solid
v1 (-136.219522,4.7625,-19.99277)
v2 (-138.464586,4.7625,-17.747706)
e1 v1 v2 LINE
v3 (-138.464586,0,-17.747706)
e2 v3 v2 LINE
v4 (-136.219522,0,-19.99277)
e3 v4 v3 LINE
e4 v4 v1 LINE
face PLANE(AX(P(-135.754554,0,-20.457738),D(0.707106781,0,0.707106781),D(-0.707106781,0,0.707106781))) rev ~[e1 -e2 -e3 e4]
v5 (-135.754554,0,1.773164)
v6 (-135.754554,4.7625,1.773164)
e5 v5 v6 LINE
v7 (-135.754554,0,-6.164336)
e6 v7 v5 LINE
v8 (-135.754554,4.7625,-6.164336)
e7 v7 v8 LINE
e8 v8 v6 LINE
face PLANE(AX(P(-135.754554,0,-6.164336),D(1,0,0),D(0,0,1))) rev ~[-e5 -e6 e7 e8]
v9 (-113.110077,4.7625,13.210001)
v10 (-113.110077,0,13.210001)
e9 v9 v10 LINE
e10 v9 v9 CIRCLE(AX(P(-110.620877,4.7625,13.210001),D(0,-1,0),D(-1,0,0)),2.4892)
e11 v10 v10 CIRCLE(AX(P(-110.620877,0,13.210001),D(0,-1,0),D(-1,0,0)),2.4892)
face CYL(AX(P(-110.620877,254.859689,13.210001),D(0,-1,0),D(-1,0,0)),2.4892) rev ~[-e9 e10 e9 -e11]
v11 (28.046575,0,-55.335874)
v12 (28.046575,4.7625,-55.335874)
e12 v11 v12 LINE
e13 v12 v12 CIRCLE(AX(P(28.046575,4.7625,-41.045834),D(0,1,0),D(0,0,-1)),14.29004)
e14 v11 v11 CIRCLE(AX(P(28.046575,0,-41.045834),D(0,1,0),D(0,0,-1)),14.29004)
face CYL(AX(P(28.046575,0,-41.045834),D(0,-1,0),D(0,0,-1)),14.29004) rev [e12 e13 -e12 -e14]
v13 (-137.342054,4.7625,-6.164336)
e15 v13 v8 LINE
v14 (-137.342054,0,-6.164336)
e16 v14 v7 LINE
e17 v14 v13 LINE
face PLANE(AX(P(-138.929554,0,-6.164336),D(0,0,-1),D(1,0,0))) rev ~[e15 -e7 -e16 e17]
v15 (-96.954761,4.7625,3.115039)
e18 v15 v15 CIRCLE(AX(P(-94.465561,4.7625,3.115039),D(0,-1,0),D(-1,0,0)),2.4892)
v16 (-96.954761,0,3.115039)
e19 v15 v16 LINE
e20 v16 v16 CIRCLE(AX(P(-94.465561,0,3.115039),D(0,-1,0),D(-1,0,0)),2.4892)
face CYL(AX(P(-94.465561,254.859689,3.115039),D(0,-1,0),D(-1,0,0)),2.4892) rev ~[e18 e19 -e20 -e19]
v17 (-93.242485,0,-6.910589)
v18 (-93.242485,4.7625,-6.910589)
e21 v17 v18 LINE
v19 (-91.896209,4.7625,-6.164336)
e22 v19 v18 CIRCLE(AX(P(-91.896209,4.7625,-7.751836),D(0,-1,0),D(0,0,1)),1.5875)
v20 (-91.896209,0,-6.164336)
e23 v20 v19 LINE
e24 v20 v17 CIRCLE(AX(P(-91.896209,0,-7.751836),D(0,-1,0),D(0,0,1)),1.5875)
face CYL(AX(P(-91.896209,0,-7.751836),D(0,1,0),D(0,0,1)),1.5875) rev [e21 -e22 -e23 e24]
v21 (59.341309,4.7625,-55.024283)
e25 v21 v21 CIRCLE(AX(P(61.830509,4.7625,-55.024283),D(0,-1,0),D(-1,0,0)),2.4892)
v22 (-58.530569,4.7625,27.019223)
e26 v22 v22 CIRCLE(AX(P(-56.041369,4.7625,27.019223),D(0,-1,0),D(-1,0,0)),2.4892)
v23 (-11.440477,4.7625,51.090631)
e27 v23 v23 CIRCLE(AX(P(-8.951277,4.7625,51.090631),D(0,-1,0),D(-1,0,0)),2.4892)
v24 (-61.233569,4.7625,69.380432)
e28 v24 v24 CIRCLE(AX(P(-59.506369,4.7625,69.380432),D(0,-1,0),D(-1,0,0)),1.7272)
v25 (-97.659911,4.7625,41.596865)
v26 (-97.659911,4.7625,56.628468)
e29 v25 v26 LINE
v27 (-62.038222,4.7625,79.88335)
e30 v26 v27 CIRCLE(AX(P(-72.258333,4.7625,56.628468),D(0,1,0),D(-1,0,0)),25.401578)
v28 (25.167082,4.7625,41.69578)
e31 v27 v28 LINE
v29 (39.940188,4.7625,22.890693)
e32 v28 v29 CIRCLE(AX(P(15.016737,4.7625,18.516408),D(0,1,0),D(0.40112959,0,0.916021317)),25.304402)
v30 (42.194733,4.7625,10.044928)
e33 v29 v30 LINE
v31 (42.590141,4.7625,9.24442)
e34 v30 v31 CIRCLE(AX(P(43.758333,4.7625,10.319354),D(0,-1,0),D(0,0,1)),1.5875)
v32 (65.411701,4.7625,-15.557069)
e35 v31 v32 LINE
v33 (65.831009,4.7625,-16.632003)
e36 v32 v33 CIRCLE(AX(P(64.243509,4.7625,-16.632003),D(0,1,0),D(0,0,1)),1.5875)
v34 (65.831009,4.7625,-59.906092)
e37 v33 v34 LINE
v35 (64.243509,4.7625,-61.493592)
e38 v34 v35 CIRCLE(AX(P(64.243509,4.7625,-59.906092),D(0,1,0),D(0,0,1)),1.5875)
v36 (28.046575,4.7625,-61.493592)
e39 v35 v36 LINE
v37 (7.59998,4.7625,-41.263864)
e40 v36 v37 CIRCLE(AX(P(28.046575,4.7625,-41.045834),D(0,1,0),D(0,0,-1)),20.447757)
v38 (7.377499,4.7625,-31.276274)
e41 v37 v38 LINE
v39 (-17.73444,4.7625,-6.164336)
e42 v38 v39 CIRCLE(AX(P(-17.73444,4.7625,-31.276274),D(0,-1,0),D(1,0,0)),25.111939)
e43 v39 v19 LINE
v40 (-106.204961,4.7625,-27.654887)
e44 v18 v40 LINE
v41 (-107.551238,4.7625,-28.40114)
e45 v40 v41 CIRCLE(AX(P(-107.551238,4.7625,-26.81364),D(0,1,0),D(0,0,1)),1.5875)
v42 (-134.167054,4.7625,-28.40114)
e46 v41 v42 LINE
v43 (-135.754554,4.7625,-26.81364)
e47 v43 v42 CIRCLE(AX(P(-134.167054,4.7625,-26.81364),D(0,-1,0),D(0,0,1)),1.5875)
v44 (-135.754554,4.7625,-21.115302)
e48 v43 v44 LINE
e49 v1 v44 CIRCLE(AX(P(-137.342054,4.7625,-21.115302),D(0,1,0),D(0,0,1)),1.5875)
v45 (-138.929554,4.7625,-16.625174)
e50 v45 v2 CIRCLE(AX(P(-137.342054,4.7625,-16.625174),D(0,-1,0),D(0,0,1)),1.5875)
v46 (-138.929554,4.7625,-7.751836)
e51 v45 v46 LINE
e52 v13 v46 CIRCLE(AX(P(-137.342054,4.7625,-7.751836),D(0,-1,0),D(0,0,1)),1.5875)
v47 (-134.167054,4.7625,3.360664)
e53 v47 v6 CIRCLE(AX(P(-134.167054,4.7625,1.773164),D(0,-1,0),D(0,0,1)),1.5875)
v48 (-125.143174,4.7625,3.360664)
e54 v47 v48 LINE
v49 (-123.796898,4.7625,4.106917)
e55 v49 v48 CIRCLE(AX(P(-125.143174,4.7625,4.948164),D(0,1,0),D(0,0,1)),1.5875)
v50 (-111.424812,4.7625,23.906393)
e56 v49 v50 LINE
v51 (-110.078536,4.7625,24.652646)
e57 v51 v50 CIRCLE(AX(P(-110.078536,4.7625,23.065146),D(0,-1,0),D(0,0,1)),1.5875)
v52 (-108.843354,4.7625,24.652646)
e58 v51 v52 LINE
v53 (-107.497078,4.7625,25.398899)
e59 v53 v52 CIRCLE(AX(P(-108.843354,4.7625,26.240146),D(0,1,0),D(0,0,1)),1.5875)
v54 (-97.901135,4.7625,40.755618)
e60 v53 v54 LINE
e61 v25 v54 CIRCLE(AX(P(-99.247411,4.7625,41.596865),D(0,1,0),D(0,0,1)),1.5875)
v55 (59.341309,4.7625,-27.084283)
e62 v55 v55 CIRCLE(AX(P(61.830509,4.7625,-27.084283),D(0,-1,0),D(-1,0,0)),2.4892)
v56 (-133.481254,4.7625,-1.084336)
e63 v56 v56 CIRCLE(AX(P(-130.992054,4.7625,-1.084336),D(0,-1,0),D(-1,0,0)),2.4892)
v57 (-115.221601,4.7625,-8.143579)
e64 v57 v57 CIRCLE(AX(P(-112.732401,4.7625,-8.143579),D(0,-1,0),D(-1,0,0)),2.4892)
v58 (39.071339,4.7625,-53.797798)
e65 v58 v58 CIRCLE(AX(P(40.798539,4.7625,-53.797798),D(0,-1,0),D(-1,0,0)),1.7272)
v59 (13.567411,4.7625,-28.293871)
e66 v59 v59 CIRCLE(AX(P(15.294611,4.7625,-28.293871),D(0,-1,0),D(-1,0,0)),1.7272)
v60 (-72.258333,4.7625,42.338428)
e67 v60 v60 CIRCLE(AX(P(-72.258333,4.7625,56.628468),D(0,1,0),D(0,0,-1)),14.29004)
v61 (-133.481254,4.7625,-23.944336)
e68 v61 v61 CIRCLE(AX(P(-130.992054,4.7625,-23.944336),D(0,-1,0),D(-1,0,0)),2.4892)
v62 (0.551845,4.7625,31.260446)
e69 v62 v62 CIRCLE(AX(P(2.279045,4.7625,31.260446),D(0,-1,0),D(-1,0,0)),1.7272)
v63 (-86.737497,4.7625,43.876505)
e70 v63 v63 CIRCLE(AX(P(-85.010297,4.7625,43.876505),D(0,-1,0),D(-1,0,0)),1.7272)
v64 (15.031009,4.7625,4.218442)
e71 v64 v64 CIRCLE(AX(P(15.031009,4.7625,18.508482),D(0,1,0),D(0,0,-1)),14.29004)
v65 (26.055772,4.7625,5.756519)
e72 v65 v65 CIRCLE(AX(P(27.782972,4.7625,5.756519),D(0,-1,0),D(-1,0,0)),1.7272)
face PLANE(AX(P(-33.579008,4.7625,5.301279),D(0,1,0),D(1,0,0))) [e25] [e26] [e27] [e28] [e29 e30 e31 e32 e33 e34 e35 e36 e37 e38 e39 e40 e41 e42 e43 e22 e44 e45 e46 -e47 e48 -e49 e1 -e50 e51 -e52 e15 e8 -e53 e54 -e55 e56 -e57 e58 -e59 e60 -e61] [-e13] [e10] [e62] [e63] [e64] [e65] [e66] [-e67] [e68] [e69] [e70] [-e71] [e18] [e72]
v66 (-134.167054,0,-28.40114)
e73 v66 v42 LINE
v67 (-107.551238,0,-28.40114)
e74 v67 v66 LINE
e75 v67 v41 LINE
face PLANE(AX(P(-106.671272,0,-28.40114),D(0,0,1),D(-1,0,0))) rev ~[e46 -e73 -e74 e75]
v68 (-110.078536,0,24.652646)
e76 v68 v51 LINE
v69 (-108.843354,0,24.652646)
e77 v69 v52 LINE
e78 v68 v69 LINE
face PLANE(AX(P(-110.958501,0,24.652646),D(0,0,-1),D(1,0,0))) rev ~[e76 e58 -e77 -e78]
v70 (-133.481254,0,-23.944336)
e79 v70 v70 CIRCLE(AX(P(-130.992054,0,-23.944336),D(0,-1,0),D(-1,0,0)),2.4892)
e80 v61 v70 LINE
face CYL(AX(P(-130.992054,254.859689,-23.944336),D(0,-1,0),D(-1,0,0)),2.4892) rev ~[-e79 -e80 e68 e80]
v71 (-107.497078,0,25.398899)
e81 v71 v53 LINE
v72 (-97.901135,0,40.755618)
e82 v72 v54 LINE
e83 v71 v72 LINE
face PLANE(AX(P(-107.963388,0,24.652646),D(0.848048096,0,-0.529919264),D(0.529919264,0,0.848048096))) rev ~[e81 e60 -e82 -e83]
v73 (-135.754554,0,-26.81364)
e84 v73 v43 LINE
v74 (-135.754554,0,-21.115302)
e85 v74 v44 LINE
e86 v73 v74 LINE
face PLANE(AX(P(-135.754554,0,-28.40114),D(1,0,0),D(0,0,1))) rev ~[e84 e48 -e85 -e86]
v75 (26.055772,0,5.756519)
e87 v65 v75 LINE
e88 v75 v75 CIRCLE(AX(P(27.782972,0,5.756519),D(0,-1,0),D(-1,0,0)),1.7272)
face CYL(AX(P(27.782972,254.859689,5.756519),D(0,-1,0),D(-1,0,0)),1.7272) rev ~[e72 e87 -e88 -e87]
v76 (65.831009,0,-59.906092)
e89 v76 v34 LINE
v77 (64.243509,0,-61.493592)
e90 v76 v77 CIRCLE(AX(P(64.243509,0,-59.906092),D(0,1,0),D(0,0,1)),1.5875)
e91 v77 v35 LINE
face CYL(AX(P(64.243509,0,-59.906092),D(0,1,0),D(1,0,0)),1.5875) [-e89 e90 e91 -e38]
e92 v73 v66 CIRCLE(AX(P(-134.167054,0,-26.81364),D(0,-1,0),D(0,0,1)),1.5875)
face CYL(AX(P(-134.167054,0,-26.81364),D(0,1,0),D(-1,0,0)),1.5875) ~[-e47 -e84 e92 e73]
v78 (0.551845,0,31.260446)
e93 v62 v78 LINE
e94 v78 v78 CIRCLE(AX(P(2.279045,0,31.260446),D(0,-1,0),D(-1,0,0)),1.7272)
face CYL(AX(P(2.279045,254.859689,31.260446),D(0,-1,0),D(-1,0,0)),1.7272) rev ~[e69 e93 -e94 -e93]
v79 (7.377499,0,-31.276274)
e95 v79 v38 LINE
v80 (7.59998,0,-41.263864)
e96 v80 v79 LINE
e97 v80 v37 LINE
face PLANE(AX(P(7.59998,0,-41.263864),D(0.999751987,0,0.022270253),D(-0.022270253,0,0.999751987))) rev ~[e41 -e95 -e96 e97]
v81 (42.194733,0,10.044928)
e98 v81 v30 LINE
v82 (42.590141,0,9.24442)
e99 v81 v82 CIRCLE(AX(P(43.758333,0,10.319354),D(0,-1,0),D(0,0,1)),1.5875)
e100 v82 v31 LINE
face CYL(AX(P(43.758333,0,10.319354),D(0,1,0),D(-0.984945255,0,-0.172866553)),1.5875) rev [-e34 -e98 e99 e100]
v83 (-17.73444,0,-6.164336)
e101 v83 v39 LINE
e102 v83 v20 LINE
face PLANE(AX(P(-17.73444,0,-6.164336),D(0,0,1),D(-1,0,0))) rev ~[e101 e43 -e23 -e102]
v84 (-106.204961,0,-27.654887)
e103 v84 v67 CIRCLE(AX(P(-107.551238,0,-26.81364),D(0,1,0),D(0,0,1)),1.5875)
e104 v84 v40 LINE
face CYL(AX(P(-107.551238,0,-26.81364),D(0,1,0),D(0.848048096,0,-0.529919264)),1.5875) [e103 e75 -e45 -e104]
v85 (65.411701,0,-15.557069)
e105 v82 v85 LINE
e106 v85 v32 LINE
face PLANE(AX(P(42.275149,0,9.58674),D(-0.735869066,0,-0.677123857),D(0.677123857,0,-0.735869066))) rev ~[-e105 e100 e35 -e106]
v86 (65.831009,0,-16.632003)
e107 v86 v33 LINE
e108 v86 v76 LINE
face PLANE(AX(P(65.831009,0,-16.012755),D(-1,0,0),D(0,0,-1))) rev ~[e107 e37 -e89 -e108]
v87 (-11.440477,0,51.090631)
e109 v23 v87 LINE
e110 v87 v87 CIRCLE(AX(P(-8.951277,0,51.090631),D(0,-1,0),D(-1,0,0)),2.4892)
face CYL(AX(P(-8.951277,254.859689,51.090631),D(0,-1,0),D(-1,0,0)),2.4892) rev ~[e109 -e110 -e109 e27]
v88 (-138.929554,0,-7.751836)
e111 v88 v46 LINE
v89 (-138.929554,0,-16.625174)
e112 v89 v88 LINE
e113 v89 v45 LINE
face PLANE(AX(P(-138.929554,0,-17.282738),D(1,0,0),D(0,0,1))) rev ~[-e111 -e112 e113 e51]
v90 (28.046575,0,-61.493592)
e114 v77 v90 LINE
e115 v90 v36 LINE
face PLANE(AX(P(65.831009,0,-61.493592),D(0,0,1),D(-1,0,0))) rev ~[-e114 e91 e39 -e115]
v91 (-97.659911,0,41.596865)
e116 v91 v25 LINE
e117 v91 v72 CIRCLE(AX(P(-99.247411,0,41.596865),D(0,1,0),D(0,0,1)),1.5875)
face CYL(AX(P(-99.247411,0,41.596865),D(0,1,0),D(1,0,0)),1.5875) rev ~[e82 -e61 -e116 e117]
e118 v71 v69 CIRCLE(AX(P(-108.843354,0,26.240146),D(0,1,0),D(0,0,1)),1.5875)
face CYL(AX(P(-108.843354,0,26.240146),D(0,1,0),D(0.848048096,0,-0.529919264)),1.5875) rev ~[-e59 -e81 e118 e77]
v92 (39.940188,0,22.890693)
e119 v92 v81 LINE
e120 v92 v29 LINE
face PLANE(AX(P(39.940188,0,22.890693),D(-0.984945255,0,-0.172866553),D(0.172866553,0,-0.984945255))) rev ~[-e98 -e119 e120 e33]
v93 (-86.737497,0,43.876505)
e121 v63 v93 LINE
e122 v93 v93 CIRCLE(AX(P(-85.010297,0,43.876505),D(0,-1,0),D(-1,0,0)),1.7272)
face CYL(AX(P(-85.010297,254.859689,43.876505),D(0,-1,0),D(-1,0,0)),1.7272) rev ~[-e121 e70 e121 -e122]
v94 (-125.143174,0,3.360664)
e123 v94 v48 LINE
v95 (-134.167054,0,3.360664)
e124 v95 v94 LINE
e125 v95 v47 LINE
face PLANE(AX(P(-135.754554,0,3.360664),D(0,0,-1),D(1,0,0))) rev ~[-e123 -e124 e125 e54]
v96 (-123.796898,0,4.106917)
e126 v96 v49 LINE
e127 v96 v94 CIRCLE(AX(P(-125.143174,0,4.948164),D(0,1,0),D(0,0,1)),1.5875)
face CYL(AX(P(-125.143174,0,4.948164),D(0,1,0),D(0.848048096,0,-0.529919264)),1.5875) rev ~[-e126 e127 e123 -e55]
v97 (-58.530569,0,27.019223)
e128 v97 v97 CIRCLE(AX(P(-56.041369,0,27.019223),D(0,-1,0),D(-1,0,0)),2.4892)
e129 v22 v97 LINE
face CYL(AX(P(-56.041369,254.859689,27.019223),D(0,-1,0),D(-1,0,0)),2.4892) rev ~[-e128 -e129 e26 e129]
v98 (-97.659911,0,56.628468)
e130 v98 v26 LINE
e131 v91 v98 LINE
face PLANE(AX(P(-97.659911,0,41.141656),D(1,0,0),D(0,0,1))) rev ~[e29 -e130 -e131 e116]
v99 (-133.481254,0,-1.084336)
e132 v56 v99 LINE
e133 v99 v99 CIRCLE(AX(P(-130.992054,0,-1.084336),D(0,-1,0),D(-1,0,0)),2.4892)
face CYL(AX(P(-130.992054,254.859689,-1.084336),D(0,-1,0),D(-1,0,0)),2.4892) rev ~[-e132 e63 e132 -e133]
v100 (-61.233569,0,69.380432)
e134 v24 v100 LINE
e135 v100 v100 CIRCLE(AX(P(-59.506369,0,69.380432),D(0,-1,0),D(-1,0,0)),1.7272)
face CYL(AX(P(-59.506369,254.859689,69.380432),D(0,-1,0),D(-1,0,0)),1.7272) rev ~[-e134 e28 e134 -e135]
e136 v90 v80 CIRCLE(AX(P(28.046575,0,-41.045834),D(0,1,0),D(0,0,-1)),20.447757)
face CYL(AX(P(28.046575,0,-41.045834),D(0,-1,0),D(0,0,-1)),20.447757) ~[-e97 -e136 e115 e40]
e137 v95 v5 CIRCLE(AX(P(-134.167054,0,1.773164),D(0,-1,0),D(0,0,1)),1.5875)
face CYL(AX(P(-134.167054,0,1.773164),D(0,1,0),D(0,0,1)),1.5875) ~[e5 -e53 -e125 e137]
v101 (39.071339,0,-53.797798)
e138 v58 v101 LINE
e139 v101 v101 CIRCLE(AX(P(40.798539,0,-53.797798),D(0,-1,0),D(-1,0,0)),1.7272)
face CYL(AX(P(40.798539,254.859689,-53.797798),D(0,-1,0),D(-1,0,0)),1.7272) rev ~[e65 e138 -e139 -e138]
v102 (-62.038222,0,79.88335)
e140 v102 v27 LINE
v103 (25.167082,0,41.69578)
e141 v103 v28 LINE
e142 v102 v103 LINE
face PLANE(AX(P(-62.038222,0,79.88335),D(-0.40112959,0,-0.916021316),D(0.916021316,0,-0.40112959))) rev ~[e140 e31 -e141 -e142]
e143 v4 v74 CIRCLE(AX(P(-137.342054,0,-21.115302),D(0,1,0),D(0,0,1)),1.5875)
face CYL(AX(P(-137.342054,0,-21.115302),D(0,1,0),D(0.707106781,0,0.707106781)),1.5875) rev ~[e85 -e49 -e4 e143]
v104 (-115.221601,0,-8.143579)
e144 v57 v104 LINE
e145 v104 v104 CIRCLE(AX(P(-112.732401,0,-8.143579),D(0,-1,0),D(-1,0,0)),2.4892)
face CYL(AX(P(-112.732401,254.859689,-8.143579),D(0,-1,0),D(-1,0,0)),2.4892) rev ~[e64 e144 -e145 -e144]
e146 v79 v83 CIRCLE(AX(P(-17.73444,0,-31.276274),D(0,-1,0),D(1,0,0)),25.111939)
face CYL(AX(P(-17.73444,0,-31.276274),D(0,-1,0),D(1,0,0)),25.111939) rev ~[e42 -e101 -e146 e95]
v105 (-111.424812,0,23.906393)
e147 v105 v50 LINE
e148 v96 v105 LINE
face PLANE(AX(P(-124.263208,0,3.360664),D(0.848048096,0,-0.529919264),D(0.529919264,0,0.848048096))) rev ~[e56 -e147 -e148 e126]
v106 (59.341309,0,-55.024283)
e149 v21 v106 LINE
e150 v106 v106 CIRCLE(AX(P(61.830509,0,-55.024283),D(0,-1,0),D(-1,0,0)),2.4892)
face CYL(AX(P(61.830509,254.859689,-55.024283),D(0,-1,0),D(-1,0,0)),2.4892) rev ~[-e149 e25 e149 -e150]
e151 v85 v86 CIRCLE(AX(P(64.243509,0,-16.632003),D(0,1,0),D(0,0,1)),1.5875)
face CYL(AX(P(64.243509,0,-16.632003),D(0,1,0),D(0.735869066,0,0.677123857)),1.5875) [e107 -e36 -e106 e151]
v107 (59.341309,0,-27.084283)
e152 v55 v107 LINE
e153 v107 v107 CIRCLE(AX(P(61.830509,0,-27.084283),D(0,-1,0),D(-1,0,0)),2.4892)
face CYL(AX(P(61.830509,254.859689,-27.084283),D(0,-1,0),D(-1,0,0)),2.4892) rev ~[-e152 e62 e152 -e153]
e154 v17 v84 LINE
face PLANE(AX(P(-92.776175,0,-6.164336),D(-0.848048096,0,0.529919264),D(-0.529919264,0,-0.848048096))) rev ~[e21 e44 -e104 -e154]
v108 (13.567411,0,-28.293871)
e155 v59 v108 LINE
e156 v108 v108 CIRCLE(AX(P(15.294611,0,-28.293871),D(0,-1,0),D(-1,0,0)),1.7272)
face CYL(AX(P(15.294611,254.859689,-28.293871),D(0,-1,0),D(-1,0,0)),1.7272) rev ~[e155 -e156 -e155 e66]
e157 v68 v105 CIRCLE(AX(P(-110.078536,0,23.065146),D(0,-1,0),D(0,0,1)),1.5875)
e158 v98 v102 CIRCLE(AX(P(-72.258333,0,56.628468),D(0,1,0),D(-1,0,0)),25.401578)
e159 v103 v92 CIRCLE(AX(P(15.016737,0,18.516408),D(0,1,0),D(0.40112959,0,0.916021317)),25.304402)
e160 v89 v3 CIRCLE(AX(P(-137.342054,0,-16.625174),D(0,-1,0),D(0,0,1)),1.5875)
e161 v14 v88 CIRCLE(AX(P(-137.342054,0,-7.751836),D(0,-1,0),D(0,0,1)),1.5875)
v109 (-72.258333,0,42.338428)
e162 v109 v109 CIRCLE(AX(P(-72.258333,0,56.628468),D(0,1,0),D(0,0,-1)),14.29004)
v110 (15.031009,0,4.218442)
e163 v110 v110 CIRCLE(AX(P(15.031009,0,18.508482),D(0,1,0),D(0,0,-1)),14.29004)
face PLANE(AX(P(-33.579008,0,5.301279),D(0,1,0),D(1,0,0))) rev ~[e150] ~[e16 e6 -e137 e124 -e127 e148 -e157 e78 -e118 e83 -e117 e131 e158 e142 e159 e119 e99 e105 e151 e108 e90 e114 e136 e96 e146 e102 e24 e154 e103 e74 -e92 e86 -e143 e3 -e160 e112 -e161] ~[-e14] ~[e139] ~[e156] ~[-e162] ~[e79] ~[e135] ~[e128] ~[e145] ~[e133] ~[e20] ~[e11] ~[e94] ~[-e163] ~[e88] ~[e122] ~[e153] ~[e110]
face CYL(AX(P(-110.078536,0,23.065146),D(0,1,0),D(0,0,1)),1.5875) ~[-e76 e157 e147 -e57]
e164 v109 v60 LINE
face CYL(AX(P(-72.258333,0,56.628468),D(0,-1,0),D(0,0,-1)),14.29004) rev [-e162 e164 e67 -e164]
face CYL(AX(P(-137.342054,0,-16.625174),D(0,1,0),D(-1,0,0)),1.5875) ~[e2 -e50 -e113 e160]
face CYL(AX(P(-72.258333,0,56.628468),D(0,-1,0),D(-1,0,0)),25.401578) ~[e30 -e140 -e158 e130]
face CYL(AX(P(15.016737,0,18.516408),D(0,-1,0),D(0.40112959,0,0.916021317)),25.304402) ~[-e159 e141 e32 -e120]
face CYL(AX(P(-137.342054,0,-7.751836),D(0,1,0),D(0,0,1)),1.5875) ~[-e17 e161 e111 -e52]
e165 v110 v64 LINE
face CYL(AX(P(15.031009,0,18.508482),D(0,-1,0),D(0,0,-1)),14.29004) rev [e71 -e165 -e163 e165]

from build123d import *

# Parameters (mm, degrees)
SKETCH1_R                 = 14.29004
BOSS_EXTRUDE1_DEPTH       = 4.7625
F_10_CLEARANCE_HOLE1_D    = 4.9784
F_10_CLEARANCE_HOLE2_D    = 4.9784
TAP_DRILL_FOR_8_32_TAP1_D = 3.4544
F_10_CLEARANCE_HOLE3_D    = 4.9784
FILLET1_R                 = 1.5875


with BuildPart() as part:
    # Sketch1 → Boss-Extrude1 (new body)
    with BuildSketch(Plane(origin=(0, 0, 0), x_dir=(1, 0, 0), z_dir=(0, 1, 0))):
        with BuildLine():
            Line((-62.038222018, -79.883349745), (25.167081601, -41.695780276))
            ThreePointArc((25.167081601, -41.695780276), (34.91524479, -34.148496119), (39.940188099, -22.890693115))
            Line((39.940188099, -22.890693115), (42.275148896, -9.586739751))
            Line((42.275148896, -9.586739751), (65.831008632, 16.012754812))
            Line((65.831008632, 16.012754812), (65.831008632, 61.493591694))
            Line((65.831008632, 61.493591694), (28.046575186, 61.493591694))
            ThreePointArc((28.046575186, 61.493591694), (13.665119108, 55.581463016), (7.599980341, 41.263864189))
            Line((7.599980341, 41.263864189), (7.377499016, 31.276274442))
            ThreePointArc((7.377499016, 31.276274442), (0.022382465, 13.519452313), (-17.734439664, 6.164335762))
            Line((-17.734439664, 6.164335762), (-92.776174625, 6.164335762))
            Line((-92.776174625, 6.164335762), (-106.671272051, 28.401139958))
            Line((-106.671272051, 28.401139958), (-135.754553791, 28.401139958))
            Line((-135.754553791, 28.401139958), (-135.754553791, 20.45773786))
            Line((-135.754553791, 20.45773786), (-138.929553791, 17.28273786))
            Line((-138.929553791, 17.28273786), (-138.929553791, 6.164335762))
            Line((-138.929553791, 6.164335762), (-135.754553791, 6.164335762))
            Line((-135.754553791, 6.164335762), (-135.754553791, -3.360664238))
            Line((-135.754553791, -3.360664238), (-124.263208355, -3.360664238))
            Line((-124.263208355, -3.360664238), (-110.958501432, -24.652646126))
            Line((-110.958501432, -24.652646126), (-107.963388287, -24.652646126))
            Line((-107.963388287, -24.652646126), (-97.659911134, -41.141656383))
            Line((-97.659911134, -41.141656383), (-97.659911134, -56.628468385))
            ThreePointArc((-97.659911134, -56.628468385), (-86.144175153, -77.898718987), (-62.038222018, -79.883349745))
        make_face()
        with Locations(Location((28.046575186, 41.045834415, 0), (0, 0, 90))):
            Circle(SKETCH1_R, mode=Mode.SUBTRACT)
        with Locations(Location((15.031008632, -18.508482198, 0), (0, 0, 90))):
            Circle(SKETCH1_R, mode=Mode.SUBTRACT)
        with Locations(Location((-72.258332946, -56.628468385, 0), (0, 0, 90))):
            Circle(SKETCH1_R, mode=Mode.SUBTRACT)
    extrude(amount=BOSS_EXTRUDE1_DEPTH)

    # #10 Clearance Hole1 (through all)
    with Locations(Plane(origin=(0, 4.7625, 0), x_dir=(1, 0, 0), z_dir=(0, 1, 0))):
        with Locations((61.830508632, 55.024283038), (61.830508632, 27.084283038), (-130.992053791, 23.944335762), (-130.992053791, 1.084335762)):
            Hole(F_10_CLEARANCE_HOLE1_D / 2)

    # #10 Clearance Hole2 (through all)
    with Locations(Plane(origin=(0, 4.7625, 0), x_dir=(1, 0, 0), z_dir=(0, 1, 0))):
        with Locations((-110.620877013, -13.210000682), (-94.465560781, -3.115038698), (-112.732400526, 8.143579493)):
            Hole(F_10_CLEARANCE_HOLE2_D / 2)

    # Tap Drill for #8-32 Tap1 (through all)
    with Locations(Plane(origin=(0, 4.7625, 0), x_dir=(1, 0, 0), z_dir=(0, 1, 0))):
        with Locations((-85.010296638, -43.876504694), (-59.506369254, -69.380432077), (2.27904494, -31.26044589), (27.782972324, -5.756518506), (15.294611495, 28.293870723), (40.798538878, 53.797798107)):
            Hole(TAP_DRILL_FOR_8_32_TAP1_D / 2)

    # #10 Clearance Hole3 (through all)
    with Locations(Plane(origin=(0, 4.7625, 0), x_dir=(1, 0, 0), z_dir=(0, 1, 0))):
        with Locations((-56.041369259, -27.019222928), (-8.951277081, -51.090630662)):
            Hole(F_10_CLEARANCE_HOLE3_D / 2)

    # Fillet1
    fillet1_edges = [part.edges().sort_by_distance(p)[0] for p in [
        (-135.754553791, 2.38125, -20.45773786),
        (-135.754553791, 2.38125, -28.401139958),
        (-106.671272051, 2.38125, -28.401139958),
        (-92.776174625, 2.38125, -6.164335762),
        (65.831008632, 2.38125, -61.493591694),
        (65.831008632, 2.38125, -16.012754812),
        (42.275148896, 2.38125, 9.586739751),
        (-97.659911134, 2.38125, 41.141656383),
        (-107.963388287, 2.38125, 24.652646126),
        (-110.958501432, 2.38125, 24.652646126),
        (-124.263208355, 2.38125, 3.360664238),
        (-135.754553791, 2.38125, 3.360664238),
        (-138.929553791, 2.38125, -6.164335762),
        (-138.929553791, 2.38125, -17.28273786),
    ]]
    fillet(fillet1_edges, radius=FILLET1_R)


solid = part.part
